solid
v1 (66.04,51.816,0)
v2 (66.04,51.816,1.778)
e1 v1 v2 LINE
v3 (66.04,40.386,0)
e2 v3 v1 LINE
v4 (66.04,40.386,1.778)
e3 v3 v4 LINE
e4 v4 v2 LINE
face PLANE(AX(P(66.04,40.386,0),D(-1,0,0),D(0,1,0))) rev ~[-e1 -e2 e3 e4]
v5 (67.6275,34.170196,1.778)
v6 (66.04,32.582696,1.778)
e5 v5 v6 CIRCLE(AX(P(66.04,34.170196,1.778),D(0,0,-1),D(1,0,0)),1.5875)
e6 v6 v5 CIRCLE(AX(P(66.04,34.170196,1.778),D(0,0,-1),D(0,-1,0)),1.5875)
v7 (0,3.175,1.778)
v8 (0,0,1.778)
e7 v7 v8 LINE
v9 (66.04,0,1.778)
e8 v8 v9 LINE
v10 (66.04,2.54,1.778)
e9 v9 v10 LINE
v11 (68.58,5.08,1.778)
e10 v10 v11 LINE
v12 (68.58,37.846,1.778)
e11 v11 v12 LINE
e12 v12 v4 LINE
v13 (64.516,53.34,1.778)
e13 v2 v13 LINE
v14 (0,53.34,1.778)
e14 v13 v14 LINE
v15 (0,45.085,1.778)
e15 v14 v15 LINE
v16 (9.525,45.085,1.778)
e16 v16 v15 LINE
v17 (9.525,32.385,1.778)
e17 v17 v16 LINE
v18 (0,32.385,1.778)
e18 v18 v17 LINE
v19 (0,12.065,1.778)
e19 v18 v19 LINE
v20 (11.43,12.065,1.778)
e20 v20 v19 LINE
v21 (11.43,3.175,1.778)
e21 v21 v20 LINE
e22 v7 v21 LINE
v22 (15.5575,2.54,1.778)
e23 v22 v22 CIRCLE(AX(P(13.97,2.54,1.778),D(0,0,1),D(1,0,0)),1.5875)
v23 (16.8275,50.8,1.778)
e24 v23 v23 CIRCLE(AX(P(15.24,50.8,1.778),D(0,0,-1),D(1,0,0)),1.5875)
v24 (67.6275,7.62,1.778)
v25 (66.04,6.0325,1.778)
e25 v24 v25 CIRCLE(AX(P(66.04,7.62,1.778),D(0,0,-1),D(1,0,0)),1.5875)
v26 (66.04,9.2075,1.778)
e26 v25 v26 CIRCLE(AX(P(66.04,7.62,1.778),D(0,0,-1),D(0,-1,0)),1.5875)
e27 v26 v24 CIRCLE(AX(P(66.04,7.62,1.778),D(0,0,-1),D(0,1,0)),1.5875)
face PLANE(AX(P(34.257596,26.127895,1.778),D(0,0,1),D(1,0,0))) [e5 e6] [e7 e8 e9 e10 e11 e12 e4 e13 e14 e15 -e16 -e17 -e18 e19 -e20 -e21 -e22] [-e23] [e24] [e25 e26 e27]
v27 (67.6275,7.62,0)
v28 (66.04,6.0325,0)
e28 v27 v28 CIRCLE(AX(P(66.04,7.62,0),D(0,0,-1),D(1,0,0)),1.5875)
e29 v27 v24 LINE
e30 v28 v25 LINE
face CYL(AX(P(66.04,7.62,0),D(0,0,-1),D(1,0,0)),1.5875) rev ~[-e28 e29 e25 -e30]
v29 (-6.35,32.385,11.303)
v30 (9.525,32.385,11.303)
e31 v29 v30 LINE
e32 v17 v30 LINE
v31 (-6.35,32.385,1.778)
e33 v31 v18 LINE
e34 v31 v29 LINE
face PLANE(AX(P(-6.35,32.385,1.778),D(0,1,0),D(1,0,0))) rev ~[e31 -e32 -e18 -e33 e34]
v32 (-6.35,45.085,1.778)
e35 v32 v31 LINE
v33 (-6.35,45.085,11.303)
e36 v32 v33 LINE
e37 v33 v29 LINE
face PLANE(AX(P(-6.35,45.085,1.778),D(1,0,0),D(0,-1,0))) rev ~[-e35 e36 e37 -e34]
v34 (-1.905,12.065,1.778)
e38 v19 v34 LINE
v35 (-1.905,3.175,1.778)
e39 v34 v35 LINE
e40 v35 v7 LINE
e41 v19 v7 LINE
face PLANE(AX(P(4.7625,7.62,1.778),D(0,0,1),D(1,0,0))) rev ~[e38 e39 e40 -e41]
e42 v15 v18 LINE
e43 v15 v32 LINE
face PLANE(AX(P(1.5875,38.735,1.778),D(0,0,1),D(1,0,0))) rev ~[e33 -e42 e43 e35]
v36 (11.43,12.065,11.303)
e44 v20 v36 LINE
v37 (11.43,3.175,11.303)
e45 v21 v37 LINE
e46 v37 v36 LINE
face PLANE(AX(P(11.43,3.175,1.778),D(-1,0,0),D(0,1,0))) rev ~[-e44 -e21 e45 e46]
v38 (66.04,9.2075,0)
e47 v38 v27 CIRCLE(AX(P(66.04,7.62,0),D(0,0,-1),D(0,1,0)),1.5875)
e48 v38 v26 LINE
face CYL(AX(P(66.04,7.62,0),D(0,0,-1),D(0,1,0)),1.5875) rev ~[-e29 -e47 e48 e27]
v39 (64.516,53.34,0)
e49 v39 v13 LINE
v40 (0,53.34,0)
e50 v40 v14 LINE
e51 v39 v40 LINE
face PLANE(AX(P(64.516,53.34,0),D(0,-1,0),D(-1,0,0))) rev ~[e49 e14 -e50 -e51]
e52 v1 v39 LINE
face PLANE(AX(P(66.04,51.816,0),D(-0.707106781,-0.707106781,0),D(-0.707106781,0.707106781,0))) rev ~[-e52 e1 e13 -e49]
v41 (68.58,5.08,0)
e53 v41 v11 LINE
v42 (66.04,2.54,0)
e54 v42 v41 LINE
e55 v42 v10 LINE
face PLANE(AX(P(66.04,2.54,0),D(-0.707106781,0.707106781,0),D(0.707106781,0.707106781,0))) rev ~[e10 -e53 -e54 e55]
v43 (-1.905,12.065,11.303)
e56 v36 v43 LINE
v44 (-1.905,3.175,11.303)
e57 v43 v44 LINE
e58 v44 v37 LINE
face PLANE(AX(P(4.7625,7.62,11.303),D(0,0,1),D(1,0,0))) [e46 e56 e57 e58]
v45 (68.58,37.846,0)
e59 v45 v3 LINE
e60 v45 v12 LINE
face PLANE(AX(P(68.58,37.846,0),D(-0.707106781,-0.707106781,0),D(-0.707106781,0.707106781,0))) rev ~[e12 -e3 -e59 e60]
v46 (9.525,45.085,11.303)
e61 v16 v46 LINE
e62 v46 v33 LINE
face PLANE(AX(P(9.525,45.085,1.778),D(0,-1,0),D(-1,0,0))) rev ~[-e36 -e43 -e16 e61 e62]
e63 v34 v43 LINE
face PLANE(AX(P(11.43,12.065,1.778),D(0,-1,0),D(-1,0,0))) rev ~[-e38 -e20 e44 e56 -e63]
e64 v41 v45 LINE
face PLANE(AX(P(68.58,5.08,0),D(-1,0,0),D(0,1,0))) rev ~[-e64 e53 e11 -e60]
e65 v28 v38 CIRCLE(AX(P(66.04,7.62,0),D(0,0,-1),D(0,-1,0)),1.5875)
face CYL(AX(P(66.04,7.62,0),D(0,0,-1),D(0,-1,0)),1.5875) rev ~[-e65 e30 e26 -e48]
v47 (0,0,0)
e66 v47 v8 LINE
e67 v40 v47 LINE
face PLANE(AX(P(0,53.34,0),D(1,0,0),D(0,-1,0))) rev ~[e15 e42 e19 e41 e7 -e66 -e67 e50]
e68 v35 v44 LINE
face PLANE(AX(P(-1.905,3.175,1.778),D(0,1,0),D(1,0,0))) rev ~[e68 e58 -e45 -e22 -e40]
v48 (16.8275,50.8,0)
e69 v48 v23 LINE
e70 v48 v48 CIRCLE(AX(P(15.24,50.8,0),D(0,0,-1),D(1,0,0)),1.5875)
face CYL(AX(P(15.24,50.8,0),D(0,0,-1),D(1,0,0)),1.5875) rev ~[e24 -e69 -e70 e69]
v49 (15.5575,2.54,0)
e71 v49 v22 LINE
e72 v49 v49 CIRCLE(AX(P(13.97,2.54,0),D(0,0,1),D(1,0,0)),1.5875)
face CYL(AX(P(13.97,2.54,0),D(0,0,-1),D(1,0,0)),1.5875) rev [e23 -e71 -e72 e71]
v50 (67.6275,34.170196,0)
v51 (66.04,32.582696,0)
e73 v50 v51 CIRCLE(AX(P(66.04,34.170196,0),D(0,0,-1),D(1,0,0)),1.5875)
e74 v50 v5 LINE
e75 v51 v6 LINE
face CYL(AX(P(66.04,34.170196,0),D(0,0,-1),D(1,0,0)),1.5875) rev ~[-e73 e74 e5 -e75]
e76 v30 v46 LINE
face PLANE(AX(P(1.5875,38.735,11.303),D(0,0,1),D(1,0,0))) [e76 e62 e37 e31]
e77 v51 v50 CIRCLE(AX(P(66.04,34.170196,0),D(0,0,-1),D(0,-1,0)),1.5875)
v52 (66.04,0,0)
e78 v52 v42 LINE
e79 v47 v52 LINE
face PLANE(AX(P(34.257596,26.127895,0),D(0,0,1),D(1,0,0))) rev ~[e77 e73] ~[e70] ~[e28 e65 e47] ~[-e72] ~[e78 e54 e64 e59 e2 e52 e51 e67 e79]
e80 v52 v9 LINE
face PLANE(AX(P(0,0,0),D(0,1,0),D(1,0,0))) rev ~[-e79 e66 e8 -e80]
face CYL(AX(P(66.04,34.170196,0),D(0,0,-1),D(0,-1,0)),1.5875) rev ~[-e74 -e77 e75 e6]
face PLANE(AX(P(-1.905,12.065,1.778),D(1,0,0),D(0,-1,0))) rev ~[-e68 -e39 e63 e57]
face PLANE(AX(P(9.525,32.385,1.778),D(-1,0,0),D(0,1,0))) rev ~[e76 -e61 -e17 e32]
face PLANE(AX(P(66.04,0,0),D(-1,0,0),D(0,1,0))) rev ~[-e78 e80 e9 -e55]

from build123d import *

# Parameters (mm, degrees)
F0_R     = 1.5875
F1_DEPTH = 1.778
F3_DEPTH = 9.525


with BuildPart() as f1:
    # F0 (on Top) → F1 (new body)
    with BuildSketch(Plane.XY):
        with BuildLine():
            Line((0, 53.34), (0, 0))
            Line((0, 0), (66.04, 0))
            Line((66.04, 0), (66.04, 2.54))
            Line((66.04, 2.54), (66.04, 6.0325))
            ThreePointArc((66.04, 6.0325), (64.4525, 7.62), (66.04, 9.2075))
            ThreePointArc((66.04, 9.2075), (67.1625320151, 8.7425320151), (67.6275, 7.62))
            Line((67.6275, 7.62), (68.58, 7.62))
            Line((68.58, 7.62), (68.58, 37.846))
            Line((68.58, 37.846), (66.04, 40.386))
            Line((66.04, 40.386), (66.04, 51.816))
            Line((66.04, 51.816), (64.516, 53.34))
            Line((64.516, 53.34), (0, 53.34))
        make_face()
        with Locations((13.97, 2.54)):
            Circle(F0_R, mode=Mode.SUBTRACT)
        with BuildLine():
            ThreePointArc((13.6525, 50.8), (15.24, 52.3875), (16.8275, 50.8))
            ThreePointArc((16.8275, 50.8), (15.24, 49.2125), (13.6525, 50.8))
        make_face(mode=Mode.SUBTRACT)
        with BuildLine():
            ThreePointArc((67.6275, 34.1701958202), (67.1625320151, 33.0476638051), (66.04, 32.5826958202))
            ThreePointArc((66.04, 32.5826958202), (64.9174679849, 35.2927278354), (67.6275, 34.1701958202))
        make_face(mode=Mode.SUBTRACT)
        with BuildLine():
            Line((66.04, 6.0325), (66.04, 2.54))
            Line((66.04, 2.54), (68.58, 5.08))
            Line((68.58, 5.08), (68.58, 7.62))
            Line((68.58, 7.62), (67.6275, 7.62))
            ThreePointArc((67.6275, 7.62), (67.1625320151, 6.4974679849), (66.04, 6.0325))
        make_face()
    extrude(amount=F1_DEPTH)

    # F2 (on face) → F3 (join)
    with BuildSketch(Plane.XY.offset(1.778)):
        Polygon((0, 32.385), (9.525, 32.385), (9.525, 45.085), (-6.35, 45.085), (-6.35, 32.385), align=None)
        Polygon((0, 3.175), (11.43, 3.175), (11.43, 12.065), (-1.905, 12.065), (-1.905, 3.175), align=None)
    extrude(amount=F3_DEPTH)


solid = f1.part
